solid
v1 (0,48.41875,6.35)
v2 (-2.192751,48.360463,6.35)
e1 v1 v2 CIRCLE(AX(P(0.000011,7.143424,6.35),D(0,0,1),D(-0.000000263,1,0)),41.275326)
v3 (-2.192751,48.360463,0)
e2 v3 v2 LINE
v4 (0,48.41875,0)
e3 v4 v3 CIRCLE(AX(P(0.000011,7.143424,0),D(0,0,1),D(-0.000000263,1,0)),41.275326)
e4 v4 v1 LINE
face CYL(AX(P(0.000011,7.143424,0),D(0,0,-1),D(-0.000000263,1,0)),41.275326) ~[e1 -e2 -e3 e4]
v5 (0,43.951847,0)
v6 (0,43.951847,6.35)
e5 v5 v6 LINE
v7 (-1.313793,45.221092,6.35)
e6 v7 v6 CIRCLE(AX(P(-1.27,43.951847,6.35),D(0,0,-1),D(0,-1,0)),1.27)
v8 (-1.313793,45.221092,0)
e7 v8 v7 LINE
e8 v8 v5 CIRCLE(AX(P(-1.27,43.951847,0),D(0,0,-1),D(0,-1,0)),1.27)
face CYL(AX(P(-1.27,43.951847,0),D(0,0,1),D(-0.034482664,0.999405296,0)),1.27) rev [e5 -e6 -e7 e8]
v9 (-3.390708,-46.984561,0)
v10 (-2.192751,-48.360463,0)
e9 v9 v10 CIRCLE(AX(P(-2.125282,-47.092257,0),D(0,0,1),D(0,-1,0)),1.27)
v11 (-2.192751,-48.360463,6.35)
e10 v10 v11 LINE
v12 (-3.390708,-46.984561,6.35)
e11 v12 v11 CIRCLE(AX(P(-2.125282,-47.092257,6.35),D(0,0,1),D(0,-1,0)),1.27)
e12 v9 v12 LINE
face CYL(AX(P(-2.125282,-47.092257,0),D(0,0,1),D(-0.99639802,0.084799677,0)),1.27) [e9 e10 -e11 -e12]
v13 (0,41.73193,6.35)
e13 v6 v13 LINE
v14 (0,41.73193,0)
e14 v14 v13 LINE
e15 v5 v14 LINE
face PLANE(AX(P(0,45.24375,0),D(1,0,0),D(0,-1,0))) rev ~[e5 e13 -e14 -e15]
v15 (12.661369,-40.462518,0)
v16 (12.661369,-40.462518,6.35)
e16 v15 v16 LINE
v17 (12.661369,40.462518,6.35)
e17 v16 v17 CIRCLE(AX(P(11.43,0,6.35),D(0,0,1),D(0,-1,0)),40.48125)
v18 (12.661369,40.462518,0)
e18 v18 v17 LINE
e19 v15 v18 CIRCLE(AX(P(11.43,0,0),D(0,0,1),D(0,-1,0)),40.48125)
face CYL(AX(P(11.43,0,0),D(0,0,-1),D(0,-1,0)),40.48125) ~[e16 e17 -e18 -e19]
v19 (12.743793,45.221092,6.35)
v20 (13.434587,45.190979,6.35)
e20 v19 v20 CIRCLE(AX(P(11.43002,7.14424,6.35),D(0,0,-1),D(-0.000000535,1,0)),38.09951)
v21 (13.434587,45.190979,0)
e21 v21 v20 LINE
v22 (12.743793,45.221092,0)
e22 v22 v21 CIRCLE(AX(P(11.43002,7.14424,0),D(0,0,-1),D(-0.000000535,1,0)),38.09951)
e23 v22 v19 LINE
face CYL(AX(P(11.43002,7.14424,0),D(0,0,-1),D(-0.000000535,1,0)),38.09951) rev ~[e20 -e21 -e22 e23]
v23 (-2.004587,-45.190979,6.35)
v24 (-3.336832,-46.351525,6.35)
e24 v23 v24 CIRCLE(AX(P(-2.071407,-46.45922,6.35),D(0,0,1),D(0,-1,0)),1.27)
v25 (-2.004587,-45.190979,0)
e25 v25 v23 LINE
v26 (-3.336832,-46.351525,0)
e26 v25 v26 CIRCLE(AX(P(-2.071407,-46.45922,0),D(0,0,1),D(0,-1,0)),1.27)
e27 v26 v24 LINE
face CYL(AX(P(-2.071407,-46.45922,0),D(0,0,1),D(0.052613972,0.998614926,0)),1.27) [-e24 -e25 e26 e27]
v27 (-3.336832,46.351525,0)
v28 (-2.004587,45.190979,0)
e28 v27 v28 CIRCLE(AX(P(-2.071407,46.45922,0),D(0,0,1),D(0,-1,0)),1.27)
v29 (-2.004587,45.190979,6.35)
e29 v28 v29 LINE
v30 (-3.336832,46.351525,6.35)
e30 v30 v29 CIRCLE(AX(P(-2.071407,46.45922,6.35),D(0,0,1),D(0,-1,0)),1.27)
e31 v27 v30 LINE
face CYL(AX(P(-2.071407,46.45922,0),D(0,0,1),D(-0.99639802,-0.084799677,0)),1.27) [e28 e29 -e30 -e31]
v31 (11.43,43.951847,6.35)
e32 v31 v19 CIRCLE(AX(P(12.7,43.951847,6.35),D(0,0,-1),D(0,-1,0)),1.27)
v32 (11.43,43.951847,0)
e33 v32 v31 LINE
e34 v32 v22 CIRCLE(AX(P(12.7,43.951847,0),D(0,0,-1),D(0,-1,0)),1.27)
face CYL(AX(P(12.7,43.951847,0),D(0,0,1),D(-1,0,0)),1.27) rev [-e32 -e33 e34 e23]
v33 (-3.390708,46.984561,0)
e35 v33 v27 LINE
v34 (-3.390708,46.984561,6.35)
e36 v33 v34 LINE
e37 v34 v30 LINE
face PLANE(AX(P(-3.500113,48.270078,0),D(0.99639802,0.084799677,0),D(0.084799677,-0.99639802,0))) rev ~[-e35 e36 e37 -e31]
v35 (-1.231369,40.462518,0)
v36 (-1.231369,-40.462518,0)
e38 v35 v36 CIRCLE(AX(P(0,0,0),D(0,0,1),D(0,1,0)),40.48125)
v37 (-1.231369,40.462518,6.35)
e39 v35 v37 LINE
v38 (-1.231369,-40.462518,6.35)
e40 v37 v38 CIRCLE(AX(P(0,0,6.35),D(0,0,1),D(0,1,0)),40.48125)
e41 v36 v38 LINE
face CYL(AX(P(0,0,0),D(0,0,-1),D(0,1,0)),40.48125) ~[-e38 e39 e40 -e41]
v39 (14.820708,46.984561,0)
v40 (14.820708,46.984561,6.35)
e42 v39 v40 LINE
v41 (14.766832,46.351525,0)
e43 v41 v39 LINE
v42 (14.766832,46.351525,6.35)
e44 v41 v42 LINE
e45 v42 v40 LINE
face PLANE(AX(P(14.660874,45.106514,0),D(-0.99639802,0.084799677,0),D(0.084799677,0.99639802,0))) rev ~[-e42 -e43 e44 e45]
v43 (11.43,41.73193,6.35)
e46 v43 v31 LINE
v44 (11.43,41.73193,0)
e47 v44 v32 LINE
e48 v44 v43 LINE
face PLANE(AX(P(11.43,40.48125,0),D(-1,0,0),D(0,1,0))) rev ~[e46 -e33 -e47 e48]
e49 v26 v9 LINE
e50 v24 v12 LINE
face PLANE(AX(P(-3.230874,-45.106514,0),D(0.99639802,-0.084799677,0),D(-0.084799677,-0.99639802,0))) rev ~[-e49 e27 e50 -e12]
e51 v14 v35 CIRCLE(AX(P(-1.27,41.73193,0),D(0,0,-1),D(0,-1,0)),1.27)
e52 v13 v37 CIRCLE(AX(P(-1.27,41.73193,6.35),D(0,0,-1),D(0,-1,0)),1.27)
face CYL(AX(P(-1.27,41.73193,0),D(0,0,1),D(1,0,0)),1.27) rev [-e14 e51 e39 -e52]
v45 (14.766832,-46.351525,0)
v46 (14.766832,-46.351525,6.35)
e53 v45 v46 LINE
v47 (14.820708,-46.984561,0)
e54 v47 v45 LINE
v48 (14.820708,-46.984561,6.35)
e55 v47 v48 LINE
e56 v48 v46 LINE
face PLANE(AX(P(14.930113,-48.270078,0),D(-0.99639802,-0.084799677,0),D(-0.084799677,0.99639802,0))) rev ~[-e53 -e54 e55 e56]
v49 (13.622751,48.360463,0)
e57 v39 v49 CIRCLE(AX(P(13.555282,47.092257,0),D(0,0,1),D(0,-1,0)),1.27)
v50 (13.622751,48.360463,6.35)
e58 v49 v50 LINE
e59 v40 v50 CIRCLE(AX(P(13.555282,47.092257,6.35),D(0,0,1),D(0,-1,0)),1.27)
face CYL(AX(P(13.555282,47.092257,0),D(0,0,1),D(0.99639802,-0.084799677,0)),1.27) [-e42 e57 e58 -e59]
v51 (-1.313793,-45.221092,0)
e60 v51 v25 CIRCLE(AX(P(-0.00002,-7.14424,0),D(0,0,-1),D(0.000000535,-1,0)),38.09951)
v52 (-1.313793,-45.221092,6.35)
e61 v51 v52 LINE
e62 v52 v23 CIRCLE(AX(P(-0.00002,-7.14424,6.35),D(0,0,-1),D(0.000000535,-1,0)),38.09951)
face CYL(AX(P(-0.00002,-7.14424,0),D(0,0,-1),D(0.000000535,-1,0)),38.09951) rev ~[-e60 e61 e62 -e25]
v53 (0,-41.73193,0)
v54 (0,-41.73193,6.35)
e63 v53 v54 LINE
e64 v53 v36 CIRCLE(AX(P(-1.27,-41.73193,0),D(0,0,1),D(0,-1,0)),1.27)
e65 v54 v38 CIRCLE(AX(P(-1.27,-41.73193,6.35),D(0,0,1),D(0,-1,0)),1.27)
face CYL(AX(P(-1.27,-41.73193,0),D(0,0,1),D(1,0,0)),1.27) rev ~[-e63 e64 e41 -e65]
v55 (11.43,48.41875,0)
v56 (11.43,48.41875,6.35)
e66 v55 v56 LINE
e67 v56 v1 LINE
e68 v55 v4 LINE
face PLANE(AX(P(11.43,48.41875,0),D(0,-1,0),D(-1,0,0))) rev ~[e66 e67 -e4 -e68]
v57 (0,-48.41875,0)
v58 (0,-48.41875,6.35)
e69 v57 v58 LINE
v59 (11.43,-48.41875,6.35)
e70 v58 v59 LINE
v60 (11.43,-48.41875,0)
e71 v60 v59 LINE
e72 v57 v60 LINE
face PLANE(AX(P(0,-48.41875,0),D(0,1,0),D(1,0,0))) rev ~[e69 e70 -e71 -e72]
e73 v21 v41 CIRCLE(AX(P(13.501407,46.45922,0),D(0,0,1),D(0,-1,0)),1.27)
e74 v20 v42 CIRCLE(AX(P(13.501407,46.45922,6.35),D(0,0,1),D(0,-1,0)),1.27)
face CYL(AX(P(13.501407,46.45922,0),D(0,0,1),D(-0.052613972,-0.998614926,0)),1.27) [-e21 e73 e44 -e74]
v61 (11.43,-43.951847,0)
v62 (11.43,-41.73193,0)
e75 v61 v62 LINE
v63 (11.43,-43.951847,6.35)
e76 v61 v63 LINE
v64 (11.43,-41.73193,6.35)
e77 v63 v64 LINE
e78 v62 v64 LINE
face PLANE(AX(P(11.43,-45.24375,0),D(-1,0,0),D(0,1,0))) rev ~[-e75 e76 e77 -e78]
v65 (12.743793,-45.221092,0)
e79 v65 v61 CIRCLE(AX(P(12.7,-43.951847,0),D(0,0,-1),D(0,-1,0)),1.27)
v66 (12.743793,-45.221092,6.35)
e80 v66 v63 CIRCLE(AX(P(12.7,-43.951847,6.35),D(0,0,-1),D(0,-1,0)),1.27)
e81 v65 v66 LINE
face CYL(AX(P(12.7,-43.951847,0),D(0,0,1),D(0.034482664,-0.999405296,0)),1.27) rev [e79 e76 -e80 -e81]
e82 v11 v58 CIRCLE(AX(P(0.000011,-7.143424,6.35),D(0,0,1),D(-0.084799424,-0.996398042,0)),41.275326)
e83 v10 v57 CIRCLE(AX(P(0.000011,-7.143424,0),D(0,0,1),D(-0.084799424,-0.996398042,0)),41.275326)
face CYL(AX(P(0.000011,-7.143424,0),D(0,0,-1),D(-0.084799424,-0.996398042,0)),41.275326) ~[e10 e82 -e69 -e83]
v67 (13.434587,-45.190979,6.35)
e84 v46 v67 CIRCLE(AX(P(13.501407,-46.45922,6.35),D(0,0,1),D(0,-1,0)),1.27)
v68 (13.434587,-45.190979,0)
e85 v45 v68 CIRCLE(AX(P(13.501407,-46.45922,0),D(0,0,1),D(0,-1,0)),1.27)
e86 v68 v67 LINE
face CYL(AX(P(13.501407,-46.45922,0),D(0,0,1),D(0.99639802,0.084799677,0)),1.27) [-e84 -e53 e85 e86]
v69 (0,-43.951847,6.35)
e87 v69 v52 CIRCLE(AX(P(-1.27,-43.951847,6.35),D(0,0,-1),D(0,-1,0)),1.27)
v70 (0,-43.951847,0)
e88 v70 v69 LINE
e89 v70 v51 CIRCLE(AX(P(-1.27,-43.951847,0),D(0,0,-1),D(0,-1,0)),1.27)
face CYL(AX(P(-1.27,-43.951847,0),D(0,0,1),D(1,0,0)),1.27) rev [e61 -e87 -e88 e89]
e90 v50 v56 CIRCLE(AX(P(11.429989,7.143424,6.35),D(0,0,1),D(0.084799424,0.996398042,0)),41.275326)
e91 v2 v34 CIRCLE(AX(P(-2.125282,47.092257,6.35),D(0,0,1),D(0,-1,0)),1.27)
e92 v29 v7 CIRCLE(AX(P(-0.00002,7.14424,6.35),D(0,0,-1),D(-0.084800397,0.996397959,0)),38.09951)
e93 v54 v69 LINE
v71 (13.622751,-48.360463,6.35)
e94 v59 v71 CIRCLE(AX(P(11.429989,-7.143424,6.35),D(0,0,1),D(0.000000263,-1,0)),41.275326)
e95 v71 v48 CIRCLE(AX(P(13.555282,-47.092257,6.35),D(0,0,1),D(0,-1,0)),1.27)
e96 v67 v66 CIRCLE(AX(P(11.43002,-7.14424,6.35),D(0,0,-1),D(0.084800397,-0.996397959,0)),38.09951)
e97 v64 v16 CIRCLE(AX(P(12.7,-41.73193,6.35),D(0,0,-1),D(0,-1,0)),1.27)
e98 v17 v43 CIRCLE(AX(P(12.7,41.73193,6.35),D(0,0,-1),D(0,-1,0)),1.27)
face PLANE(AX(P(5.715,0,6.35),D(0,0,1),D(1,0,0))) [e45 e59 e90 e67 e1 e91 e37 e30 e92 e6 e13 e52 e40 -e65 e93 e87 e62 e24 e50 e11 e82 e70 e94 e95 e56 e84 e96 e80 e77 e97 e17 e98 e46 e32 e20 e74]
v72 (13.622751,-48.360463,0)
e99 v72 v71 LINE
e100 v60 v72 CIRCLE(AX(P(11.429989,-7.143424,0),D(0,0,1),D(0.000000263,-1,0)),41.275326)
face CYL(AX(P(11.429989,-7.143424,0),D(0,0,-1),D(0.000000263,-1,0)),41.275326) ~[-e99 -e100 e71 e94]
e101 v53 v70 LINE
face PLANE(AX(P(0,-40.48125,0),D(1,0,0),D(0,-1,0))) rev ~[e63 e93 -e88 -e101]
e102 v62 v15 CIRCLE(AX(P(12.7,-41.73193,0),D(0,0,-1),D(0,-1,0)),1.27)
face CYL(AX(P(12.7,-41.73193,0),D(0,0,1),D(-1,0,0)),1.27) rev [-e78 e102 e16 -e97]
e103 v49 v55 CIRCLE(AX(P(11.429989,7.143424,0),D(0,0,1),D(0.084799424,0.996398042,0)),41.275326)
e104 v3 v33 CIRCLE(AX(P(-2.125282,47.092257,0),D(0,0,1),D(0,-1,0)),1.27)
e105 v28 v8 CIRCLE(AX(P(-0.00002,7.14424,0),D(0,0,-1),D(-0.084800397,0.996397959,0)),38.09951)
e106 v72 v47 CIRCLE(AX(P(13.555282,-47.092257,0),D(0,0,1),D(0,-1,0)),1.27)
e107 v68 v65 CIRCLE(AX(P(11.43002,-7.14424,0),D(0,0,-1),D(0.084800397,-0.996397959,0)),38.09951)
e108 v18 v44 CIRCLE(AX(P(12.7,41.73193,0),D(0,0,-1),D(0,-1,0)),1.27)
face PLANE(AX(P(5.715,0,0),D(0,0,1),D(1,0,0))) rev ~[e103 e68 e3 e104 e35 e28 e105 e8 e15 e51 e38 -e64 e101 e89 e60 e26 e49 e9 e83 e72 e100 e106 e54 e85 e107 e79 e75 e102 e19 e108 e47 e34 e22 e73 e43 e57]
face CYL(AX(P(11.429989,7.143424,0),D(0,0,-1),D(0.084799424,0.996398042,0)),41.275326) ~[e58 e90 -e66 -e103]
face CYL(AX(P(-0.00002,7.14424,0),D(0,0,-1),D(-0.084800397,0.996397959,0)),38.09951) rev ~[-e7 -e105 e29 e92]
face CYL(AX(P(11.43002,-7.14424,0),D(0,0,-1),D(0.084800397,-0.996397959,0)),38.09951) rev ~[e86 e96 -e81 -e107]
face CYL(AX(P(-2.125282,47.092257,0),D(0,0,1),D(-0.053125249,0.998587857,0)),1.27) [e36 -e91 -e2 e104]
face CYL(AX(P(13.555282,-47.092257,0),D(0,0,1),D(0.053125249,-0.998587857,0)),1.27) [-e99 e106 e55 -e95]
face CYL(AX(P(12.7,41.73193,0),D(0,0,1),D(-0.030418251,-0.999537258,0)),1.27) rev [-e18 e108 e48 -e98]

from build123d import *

# Parameters (mm, degrees)
F1_DEPTH = 6.35
F2_R     = 1.27


with BuildPart() as f1:
    # F0 (on Top) → F1 (new body)
    with BuildSketch(Plane.XY):
        with BuildLine():
            Line((0, -40.48125), (0, -41.275))
            Line((0, -41.275), (0, -41.28198))
            Line((0, -41.28198), (0, -45.24375))
            ThreePointArc((0, -45.24375), (-1.616893, -45.209426), (-3.230874, -45.106514))
            Line((-3.230874, -45.106514), (-3.500113, -48.270078))
            ThreePointArc((-3.500113, -48.270078), (-1.751635, -48.381565), (0, -48.41875))
            Line((0, -48.41875), (11.43, -48.41875))
            ThreePointArc((11.43, -48.41875), (13.181635, -48.381565), (14.930113, -48.270078))
            Line((14.930113, -48.270078), (14.660874, -45.106514))
            ThreePointArc((14.660874, -45.106514), (13.046893, -45.209426), (11.43, -45.24375))
            Line((11.43, -45.24375), (11.43, -40.48125))
            ThreePointArc((11.43, -40.48125), (51.91125, 0), (11.43, 40.48125))
            Line((11.43, 40.48125), (11.43, 45.24375))
            ThreePointArc((11.43, 45.24375), (13.046893, 45.209426), (14.660874, 45.106514))
            Line((14.660874, 45.106514), (14.930113, 48.270078))
            ThreePointArc((14.930113, 48.270078), (13.181635, 48.381565), (11.43, 48.41875))
            Line((11.43, 48.41875), (0, 48.41875))
            ThreePointArc((0, 48.41875), (-1.751635, 48.381565), (-3.500113, 48.270078))
            Line((-3.500113, 48.270078), (-3.230874, 45.106514))
            ThreePointArc((-3.230874, 45.106514), (-1.616893, 45.209426), (0, 45.24375))
            Line((0, 45.24375), (0, 41.275))
            Line((0, 41.275), (0, 41.207306))
            Line((0, 41.207306), (0, 40.48125))
            ThreePointArc((0, 40.48125), (-40.48125, 0), (0, -40.48125))
        make_face()
    extrude(amount=F1_DEPTH)

    # F2
    f2_edges = [f1.edges().sort_by_distance(p)[0] for p in [
        (0, -40.48125, 3.175),
        (11.43, -40.48125, 3.175),
        (14.930113, -48.270078, 3.175),
        (14.660874, -45.106514, 3.175),
        (-3.500113, -48.270078, 3.175),
        (-3.230874, -45.106514, 3.175),
        (14.660874, 45.106514, 3.175),
        (14.930113, 48.270078, 3.175),
        (-3.500113, 48.270078, 3.175),
        (-3.230874, 45.106514, 3.175),
        (0, 45.24375, 3.175),
        (0, 40.48125, 3.175),
        (11.43, -45.24375, 3.175),
        (0, -45.24375, 3.175),
        (11.43, 40.48125, 3.175),
        (11.43, 45.24375, 3.175),
    ]]
    fillet(f2_edges, radius=F2_R)


solid = f1.part
